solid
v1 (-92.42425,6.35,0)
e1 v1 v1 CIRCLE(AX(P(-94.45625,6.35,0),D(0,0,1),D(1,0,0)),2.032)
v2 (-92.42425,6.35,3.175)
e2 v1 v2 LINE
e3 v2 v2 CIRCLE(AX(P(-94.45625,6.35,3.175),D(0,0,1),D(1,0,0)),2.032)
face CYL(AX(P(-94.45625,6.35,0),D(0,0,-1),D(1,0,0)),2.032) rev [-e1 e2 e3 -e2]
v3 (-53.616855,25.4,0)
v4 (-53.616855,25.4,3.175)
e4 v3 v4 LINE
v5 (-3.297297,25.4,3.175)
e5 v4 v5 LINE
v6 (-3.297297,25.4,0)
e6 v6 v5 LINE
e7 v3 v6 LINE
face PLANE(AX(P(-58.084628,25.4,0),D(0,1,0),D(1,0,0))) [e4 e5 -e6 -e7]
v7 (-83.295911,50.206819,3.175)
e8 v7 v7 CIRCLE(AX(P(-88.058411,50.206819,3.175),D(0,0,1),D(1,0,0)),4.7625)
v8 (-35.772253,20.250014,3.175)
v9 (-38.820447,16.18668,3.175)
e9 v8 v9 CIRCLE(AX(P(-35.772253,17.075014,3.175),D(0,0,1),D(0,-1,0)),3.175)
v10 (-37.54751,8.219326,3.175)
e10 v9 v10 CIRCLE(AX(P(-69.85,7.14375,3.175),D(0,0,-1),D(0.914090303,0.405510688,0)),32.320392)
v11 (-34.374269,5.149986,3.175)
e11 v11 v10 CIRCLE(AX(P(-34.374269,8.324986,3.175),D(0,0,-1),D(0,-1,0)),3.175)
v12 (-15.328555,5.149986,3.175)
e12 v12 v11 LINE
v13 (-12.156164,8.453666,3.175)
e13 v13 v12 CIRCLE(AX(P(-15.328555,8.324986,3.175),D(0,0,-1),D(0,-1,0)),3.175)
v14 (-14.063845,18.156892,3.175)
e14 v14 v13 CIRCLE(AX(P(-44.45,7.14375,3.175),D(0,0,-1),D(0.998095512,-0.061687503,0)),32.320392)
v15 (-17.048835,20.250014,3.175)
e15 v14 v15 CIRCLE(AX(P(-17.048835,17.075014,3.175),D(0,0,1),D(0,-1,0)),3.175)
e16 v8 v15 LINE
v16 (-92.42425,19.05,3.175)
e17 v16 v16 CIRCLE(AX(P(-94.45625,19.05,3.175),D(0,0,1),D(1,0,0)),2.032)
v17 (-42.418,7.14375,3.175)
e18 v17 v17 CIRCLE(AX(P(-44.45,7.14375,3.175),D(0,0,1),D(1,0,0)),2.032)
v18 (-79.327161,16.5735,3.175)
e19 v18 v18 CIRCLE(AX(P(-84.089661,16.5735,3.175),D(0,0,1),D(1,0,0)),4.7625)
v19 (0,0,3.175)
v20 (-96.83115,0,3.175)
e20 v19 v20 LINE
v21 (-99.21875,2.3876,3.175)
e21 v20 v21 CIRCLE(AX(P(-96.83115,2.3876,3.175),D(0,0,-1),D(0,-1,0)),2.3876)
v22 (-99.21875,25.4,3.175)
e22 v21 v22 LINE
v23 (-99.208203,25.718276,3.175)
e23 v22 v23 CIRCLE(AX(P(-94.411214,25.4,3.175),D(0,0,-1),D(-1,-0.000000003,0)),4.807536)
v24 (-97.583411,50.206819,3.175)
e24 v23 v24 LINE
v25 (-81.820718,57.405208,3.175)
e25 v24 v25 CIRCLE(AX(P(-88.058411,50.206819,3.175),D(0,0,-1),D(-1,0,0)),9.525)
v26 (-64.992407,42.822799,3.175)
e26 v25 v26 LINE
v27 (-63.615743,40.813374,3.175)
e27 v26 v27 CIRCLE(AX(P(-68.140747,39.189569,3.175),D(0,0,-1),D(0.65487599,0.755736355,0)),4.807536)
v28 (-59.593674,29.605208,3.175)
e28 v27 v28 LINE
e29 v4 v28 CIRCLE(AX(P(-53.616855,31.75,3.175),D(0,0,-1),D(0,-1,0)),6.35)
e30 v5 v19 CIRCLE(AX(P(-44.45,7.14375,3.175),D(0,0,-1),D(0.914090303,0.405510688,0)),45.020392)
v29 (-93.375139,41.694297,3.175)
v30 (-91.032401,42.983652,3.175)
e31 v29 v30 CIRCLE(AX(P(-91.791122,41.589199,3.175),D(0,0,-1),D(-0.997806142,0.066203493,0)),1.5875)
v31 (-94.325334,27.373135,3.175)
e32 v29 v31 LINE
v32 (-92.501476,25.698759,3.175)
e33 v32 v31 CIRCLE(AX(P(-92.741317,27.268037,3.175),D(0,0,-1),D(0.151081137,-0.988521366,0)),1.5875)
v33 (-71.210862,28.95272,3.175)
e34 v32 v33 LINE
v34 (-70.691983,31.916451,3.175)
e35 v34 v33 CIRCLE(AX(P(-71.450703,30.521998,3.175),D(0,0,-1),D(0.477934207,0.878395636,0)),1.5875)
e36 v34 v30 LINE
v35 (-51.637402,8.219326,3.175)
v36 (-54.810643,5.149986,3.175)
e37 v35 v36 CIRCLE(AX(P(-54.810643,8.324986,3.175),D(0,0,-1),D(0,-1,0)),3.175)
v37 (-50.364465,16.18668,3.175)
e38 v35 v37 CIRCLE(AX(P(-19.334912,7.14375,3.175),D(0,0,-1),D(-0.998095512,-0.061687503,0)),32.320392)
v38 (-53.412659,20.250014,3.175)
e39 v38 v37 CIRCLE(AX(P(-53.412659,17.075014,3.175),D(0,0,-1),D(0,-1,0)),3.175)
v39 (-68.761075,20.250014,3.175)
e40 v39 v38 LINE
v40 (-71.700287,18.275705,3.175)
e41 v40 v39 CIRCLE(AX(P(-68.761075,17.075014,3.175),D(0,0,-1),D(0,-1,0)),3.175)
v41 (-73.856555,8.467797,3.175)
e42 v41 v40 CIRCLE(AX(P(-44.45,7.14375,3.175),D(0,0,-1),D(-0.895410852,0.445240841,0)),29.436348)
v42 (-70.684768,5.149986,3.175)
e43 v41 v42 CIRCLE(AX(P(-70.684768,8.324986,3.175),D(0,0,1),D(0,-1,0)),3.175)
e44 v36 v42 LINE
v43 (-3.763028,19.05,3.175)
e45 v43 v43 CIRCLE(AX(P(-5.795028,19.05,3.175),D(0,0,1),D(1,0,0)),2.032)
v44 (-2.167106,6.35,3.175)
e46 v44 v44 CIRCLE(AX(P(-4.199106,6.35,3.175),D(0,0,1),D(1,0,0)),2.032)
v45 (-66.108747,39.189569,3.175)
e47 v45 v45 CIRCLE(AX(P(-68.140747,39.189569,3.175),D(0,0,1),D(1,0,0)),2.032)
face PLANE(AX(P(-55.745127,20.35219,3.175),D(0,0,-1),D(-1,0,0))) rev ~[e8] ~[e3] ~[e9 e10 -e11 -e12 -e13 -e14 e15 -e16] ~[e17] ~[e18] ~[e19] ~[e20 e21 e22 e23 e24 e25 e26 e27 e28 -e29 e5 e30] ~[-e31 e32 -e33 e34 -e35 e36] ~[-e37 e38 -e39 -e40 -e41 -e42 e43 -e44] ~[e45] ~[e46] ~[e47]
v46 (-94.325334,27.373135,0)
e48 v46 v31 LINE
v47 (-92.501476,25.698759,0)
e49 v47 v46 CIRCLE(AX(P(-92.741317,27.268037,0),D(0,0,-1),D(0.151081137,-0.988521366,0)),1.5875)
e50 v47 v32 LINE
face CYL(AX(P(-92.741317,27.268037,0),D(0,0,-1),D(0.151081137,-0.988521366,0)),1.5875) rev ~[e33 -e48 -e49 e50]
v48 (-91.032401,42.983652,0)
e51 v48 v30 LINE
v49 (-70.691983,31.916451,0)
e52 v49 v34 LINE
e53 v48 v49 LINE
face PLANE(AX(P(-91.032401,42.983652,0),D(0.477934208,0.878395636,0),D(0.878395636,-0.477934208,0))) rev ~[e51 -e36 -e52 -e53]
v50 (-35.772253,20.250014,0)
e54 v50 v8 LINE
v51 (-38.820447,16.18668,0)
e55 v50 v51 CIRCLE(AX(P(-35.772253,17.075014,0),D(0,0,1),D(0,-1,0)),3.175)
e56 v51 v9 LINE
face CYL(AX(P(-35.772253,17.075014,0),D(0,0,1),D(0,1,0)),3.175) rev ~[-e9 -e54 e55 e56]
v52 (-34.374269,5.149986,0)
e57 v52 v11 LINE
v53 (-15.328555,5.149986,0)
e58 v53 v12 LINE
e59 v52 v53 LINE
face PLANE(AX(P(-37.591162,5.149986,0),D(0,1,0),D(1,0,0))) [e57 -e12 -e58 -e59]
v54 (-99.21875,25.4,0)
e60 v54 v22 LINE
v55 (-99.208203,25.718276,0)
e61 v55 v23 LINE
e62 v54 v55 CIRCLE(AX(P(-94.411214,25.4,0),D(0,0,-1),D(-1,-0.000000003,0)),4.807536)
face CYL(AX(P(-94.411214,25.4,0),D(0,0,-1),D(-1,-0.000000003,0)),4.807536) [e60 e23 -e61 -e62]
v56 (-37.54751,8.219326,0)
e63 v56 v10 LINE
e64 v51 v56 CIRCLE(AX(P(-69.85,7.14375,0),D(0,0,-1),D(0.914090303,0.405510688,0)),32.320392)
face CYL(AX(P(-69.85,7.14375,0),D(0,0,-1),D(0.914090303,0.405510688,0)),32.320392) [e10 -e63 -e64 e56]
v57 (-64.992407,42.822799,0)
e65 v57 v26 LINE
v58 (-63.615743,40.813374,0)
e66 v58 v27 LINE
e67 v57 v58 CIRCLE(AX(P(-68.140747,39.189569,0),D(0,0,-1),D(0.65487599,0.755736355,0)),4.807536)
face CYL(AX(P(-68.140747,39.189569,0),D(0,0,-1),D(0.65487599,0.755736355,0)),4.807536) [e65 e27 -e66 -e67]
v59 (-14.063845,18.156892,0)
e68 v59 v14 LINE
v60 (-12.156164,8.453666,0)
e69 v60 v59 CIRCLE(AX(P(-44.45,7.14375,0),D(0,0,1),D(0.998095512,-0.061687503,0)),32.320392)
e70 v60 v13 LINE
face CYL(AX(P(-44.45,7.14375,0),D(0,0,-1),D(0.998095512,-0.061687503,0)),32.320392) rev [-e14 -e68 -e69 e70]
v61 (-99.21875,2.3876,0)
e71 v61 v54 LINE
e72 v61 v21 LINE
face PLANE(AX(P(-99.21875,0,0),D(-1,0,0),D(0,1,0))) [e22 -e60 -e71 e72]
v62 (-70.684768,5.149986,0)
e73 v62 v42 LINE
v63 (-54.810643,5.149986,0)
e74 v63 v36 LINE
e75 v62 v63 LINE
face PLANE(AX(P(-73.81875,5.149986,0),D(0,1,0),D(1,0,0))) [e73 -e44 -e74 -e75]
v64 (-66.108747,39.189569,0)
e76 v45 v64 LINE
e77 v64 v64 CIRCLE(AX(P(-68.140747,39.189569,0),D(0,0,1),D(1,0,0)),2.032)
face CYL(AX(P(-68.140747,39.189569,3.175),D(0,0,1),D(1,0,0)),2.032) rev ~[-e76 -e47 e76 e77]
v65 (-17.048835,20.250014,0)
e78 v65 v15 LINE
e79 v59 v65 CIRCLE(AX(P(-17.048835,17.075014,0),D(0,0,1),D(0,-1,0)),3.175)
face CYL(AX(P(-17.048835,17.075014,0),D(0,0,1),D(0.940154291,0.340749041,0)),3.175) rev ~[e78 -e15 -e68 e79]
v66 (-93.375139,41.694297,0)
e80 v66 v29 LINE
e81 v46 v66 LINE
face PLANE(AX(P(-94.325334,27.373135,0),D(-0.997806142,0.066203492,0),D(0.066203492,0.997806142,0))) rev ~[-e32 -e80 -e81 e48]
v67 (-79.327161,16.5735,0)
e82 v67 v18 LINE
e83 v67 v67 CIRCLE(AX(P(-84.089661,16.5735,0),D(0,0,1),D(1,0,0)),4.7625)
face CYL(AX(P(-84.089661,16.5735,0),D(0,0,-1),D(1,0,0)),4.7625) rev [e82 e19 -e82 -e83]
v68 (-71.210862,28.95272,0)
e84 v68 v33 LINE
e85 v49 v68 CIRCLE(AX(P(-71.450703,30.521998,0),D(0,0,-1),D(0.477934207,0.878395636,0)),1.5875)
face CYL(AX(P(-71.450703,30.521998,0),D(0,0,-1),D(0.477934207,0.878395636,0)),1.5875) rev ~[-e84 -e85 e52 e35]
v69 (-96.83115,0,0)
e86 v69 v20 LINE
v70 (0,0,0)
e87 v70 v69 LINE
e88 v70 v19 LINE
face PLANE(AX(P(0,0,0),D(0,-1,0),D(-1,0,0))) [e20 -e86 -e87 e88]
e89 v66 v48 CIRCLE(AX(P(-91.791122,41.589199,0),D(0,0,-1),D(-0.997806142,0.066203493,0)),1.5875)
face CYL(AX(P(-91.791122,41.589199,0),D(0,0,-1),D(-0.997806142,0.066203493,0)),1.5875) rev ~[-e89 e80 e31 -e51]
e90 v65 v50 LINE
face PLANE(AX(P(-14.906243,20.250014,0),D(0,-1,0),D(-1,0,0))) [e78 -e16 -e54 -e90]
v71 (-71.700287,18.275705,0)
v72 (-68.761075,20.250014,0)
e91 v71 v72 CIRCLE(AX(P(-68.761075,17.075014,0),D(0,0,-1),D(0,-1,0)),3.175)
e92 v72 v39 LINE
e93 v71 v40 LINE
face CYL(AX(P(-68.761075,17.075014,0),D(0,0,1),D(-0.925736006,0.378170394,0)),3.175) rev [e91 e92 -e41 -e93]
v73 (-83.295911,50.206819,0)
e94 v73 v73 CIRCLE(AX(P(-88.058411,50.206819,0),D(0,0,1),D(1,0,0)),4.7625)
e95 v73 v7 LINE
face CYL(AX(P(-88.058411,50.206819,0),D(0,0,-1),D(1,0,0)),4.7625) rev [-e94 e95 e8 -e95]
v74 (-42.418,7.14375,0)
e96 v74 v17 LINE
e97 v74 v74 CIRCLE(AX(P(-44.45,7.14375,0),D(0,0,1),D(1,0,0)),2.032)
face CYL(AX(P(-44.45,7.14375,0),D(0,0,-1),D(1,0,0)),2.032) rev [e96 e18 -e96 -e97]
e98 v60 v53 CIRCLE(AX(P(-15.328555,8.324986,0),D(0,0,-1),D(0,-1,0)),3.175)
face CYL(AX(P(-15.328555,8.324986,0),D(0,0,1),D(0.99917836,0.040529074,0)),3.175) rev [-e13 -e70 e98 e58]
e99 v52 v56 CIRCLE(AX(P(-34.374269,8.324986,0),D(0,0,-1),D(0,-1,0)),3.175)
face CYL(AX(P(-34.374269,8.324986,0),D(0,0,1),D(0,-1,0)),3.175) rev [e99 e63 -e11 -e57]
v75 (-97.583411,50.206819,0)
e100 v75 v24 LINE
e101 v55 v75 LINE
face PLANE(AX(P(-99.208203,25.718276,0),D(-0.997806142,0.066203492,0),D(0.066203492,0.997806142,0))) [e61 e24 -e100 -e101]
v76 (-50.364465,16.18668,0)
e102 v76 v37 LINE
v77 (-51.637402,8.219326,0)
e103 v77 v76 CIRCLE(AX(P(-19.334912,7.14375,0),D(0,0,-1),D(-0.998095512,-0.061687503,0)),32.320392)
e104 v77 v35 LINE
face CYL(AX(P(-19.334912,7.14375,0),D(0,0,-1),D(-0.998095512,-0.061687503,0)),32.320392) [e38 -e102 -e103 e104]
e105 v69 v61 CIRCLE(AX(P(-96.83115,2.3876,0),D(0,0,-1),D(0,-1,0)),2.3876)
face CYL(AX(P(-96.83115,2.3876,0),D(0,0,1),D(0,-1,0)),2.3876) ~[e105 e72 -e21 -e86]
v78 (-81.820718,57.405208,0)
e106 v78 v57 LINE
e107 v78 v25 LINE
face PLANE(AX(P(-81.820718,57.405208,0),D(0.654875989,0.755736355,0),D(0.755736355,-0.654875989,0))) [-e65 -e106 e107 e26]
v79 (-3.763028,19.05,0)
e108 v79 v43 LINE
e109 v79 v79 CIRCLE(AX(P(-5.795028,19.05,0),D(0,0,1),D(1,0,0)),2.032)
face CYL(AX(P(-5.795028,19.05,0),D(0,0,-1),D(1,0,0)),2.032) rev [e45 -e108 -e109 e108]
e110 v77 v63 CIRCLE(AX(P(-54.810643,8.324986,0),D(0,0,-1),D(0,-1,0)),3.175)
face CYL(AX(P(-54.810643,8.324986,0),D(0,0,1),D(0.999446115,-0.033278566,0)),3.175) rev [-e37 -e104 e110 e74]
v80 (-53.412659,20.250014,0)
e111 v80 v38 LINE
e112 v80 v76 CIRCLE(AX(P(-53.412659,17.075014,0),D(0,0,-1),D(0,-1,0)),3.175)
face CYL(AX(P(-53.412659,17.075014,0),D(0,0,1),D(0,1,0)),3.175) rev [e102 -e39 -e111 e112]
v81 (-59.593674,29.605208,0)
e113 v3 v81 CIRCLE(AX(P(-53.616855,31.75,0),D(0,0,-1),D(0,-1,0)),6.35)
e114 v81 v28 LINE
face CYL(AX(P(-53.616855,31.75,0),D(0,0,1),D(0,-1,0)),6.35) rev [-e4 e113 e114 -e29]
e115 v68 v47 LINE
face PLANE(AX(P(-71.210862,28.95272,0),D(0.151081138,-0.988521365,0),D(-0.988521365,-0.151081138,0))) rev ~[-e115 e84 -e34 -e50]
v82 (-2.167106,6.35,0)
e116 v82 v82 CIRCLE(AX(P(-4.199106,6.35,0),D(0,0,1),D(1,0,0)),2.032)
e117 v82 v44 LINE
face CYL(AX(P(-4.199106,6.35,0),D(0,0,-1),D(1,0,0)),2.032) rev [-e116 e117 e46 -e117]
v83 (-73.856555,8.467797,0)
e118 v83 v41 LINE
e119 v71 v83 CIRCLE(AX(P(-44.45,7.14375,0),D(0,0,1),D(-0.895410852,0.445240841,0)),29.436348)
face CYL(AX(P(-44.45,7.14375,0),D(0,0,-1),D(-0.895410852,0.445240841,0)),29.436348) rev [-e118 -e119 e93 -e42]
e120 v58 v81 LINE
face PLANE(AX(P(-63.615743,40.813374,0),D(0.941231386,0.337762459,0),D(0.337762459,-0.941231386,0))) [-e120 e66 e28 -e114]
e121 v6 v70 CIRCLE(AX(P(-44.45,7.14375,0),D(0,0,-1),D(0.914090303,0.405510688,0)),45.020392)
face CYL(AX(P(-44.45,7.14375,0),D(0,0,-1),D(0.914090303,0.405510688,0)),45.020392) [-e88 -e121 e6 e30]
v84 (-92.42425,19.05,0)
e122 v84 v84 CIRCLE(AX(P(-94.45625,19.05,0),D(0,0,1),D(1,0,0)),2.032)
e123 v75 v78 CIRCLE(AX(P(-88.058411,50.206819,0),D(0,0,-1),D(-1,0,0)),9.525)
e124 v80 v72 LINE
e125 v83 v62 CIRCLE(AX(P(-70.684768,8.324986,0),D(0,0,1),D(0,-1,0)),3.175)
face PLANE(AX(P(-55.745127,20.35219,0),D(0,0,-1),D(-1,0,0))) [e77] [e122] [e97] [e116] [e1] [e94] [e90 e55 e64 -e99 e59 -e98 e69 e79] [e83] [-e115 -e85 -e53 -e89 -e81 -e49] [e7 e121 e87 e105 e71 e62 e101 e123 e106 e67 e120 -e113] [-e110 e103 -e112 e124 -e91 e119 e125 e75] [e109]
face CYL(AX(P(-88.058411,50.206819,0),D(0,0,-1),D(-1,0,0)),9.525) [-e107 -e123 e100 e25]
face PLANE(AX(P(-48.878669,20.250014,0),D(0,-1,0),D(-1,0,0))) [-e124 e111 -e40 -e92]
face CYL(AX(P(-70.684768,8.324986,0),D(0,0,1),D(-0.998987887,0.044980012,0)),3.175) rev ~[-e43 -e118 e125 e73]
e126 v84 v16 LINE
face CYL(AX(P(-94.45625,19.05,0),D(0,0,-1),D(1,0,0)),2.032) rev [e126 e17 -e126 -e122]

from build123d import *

# Parameters (mm, degrees)
SKETCH1_R           = 2.032
SKETCH1_R_2         = 4.7625
BOSS_EXTRUDE1_DEPTH = 3.175
FILLET1_R           = 6.35
SKETCH2_R           = 2.032
CUT_EXTRUDE1_DEPTH  = 116.854784776
FILLET2_R           = 2.3876
CUT_EXTRUDE2_REACH  = 117.855
FILLET3_R           = 3.175


with BuildPart() as part:
    # Sketch1 → Boss-Extrude1 (new body)
    with BuildSketch(Plane.XY):
        with BuildLine():
            Line((0, 0), (-99.21875, 0))
            Line((-99.21875, 0), (-99.21875, 25.4))
            ThreePointArc((-99.21875, 25.4), (-99.216112514, 25.559225204), (-99.208202949, 25.718275702))
            Line((-99.208202949, 25.718275702), (-97.583411312, 50.206818816))
            ThreePointArc((-97.583411312, 50.206818816), (-92.015151864, 58.871103506), (-81.820717516, 57.405207601))
            Line((-81.820717516, 57.405207601), (-64.992407125, 42.82279889))
            ThreePointArc((-64.992407125, 42.82279889), (-64.174703888, 41.906719209), (-63.615743119, 40.813374148))
            Line((-63.615743119, 40.813374148), (-58.084627995, 25.4))
            Line((-58.084627995, 25.4), (-3.297296565, 25.4))
            ThreePointArc((-3.297296565, 25.4), (0.195780415, 12.939434189), (0, 0))
        make_face()
        with Locations((-44.45, 7.14375)):
            Circle(SKETCH1_R, mode=Mode.SUBTRACT)
        with Locations((-84.089661312, 16.5735)):
            Circle(SKETCH1_R_2, mode=Mode.SUBTRACT)
        with Locations((-88.058411312, 50.206818816)):
            Circle(SKETCH1_R_2, mode=Mode.SUBTRACT)
        with Locations((-4.19910616, 6.35)):
            Circle(SKETCH1_R, mode=Mode.SUBTRACT)
        with Locations((-5.795027999, 19.05)):
            Circle(SKETCH1_R, mode=Mode.SUBTRACT)
        with Locations((-94.45625, 6.35)):
            Circle(SKETCH1_R, mode=Mode.SUBTRACT)
        with Locations((-94.45625, 19.05)):
            Circle(SKETCH1_R, mode=Mode.SUBTRACT)
    extrude(amount=BOSS_EXTRUDE1_DEPTH)

    # Fillet1
    fillet1_edges = [part.edges().sort_by_distance(p)[0] for p in [
        (-58.084627995, 25.4, 1.5875),
    ]]
    fillet(fillet1_edges, radius=FILLET1_R)

    # Sketch2 → Cut-Extrude1 (cut, through all)
    with BuildSketch(Plane.XY.offset(3.175)):
        with Locations((-68.140747312, 39.189568816)):
            Circle(SKETCH2_R)
    extrude(amount=-CUT_EXTRUDE1_DEPTH, mode=Mode.SUBTRACT)

    # Fillet2
    fillet2_edges = [part.edges().sort_by_distance(p)[0] for p in [
        (-99.21875, 0, 1.5875),
    ]]
    fillet(fillet2_edges, radius=FILLET2_R)

    # Sketch4 → Cut-Extrude2 (cut, up to next)
    with BuildSketch(Plane(origin=(0, 0, 0), x_dir=(-1, 0, 0), z_dir=(0, 0, -1)), mode=Mode.PRIVATE) as cut_extrude2_sk1:
        with BuildLine():
            Line((14.906243411, 20.25001426), (40.306243411, 20.25001426))
            ThreePointArc((40.306243411, 20.25001426), (38.03973616, 12.863437985), (37.591162137, 5.14998574))
            Line((37.591162137, 5.14998574), (12.191162137, 5.14998574))
            ThreePointArc((12.191162137, 5.14998574), (12.63973616, 12.863437985), (14.906243411, 20.25001426))
        make_face()
    cut_extrude2_tool1 = extrude(cut_extrude2_sk1.sketch, amount=-CUT_EXTRUDE2_REACH, mode=Mode.PRIVATE) & part.part
    # Sketch4 → Cut-Extrude2 (cut, up to next)
    with BuildSketch(Plane(origin=(0, 0, 0), x_dir=(-1, 0, 0), z_dir=(0, 0, -1)), mode=Mode.PRIVATE) as cut_extrude2_sk2:
        with BuildLine():
            Line((71.210862075, 28.952720027), (92.501475834, 25.698758848))
            ThreePointArc((92.501475834, 25.698758848), (93.814902604, 26.098604816), (94.325334391, 27.37313456))
            Line((94.325334391, 27.37313456), (93.375138804, 41.6942974))
            ThreePointArc((93.375138804, 41.6942974), (92.556554604, 42.979979171), (91.032400998, 42.983652428))
            Line((91.032400998, 42.983652428), (70.691982826, 31.916450766))
            ThreePointArc((70.691982826, 31.916450766), (69.886987798, 30.248228031), (71.210862075, 28.952720027))
        make_face()
    cut_extrude2_tool2 = extrude(cut_extrude2_sk2.sketch, amount=-CUT_EXTRUDE2_REACH, mode=Mode.PRIVATE) & part.part
    # Sketch4 → Cut-Extrude2 (cut, up to next)
    with BuildSketch(Plane(origin=(0, 0, 0), x_dir=(-1, 0, 0), z_dir=(0, 0, -1)), mode=Mode.PRIVATE) as cut_extrude2_sk3:
        with BuildLine():
            Line((73.81875, 5.14998574), (51.59375, 5.14998574))
            ThreePointArc((51.59375, 5.14998574), (51.145175977, 12.863437985), (48.878668725, 20.25001426))
            Line((48.878668725, 20.25001426), (70.807625266, 20.25001426))
            ThreePointArc((70.807625266, 20.25001426), (73.317974303, 12.900366376), (73.81875, 5.14998574))
        make_face()
    cut_extrude2_tool3 = extrude(cut_extrude2_sk3.sketch, amount=-CUT_EXTRUDE2_REACH, mode=Mode.PRIVATE) & part.part
    add(cut_extrude2_tool1.solids().sort_by_distance((-25.621324, 12.7, 0))[0], mode=Mode.SUBTRACT)
    add(cut_extrude2_tool2.solids().sort_by_distance((-84.934877, 33.097306, 0))[0], mode=Mode.SUBTRACT)
    add(cut_extrude2_tool3.solids().sort_by_distance((-61.941303, 12.68386, 0))[0], mode=Mode.SUBTRACT)

    # Fillet3
    fillet3_edges = [part.edges().sort_by_distance(p)[0] for p in [
        (-70.807625266, 20.25001426, 1.5875),
        (-73.81875, 5.14998574, 1.5875),
        (-51.59375, 5.14998574, 1.5875),
        (-48.878668725, 20.25001426, 1.5875),
        (-40.306243411, 20.25001426, 1.5875),
        (-37.591162137, 5.14998574, 1.5875),
        (-12.191162137, 5.14998574, 1.5875),
        (-14.906243411, 20.25001426, 1.5875),
    ]]
    fillet(fillet3_edges, radius=FILLET3_R)


solid = part.part
